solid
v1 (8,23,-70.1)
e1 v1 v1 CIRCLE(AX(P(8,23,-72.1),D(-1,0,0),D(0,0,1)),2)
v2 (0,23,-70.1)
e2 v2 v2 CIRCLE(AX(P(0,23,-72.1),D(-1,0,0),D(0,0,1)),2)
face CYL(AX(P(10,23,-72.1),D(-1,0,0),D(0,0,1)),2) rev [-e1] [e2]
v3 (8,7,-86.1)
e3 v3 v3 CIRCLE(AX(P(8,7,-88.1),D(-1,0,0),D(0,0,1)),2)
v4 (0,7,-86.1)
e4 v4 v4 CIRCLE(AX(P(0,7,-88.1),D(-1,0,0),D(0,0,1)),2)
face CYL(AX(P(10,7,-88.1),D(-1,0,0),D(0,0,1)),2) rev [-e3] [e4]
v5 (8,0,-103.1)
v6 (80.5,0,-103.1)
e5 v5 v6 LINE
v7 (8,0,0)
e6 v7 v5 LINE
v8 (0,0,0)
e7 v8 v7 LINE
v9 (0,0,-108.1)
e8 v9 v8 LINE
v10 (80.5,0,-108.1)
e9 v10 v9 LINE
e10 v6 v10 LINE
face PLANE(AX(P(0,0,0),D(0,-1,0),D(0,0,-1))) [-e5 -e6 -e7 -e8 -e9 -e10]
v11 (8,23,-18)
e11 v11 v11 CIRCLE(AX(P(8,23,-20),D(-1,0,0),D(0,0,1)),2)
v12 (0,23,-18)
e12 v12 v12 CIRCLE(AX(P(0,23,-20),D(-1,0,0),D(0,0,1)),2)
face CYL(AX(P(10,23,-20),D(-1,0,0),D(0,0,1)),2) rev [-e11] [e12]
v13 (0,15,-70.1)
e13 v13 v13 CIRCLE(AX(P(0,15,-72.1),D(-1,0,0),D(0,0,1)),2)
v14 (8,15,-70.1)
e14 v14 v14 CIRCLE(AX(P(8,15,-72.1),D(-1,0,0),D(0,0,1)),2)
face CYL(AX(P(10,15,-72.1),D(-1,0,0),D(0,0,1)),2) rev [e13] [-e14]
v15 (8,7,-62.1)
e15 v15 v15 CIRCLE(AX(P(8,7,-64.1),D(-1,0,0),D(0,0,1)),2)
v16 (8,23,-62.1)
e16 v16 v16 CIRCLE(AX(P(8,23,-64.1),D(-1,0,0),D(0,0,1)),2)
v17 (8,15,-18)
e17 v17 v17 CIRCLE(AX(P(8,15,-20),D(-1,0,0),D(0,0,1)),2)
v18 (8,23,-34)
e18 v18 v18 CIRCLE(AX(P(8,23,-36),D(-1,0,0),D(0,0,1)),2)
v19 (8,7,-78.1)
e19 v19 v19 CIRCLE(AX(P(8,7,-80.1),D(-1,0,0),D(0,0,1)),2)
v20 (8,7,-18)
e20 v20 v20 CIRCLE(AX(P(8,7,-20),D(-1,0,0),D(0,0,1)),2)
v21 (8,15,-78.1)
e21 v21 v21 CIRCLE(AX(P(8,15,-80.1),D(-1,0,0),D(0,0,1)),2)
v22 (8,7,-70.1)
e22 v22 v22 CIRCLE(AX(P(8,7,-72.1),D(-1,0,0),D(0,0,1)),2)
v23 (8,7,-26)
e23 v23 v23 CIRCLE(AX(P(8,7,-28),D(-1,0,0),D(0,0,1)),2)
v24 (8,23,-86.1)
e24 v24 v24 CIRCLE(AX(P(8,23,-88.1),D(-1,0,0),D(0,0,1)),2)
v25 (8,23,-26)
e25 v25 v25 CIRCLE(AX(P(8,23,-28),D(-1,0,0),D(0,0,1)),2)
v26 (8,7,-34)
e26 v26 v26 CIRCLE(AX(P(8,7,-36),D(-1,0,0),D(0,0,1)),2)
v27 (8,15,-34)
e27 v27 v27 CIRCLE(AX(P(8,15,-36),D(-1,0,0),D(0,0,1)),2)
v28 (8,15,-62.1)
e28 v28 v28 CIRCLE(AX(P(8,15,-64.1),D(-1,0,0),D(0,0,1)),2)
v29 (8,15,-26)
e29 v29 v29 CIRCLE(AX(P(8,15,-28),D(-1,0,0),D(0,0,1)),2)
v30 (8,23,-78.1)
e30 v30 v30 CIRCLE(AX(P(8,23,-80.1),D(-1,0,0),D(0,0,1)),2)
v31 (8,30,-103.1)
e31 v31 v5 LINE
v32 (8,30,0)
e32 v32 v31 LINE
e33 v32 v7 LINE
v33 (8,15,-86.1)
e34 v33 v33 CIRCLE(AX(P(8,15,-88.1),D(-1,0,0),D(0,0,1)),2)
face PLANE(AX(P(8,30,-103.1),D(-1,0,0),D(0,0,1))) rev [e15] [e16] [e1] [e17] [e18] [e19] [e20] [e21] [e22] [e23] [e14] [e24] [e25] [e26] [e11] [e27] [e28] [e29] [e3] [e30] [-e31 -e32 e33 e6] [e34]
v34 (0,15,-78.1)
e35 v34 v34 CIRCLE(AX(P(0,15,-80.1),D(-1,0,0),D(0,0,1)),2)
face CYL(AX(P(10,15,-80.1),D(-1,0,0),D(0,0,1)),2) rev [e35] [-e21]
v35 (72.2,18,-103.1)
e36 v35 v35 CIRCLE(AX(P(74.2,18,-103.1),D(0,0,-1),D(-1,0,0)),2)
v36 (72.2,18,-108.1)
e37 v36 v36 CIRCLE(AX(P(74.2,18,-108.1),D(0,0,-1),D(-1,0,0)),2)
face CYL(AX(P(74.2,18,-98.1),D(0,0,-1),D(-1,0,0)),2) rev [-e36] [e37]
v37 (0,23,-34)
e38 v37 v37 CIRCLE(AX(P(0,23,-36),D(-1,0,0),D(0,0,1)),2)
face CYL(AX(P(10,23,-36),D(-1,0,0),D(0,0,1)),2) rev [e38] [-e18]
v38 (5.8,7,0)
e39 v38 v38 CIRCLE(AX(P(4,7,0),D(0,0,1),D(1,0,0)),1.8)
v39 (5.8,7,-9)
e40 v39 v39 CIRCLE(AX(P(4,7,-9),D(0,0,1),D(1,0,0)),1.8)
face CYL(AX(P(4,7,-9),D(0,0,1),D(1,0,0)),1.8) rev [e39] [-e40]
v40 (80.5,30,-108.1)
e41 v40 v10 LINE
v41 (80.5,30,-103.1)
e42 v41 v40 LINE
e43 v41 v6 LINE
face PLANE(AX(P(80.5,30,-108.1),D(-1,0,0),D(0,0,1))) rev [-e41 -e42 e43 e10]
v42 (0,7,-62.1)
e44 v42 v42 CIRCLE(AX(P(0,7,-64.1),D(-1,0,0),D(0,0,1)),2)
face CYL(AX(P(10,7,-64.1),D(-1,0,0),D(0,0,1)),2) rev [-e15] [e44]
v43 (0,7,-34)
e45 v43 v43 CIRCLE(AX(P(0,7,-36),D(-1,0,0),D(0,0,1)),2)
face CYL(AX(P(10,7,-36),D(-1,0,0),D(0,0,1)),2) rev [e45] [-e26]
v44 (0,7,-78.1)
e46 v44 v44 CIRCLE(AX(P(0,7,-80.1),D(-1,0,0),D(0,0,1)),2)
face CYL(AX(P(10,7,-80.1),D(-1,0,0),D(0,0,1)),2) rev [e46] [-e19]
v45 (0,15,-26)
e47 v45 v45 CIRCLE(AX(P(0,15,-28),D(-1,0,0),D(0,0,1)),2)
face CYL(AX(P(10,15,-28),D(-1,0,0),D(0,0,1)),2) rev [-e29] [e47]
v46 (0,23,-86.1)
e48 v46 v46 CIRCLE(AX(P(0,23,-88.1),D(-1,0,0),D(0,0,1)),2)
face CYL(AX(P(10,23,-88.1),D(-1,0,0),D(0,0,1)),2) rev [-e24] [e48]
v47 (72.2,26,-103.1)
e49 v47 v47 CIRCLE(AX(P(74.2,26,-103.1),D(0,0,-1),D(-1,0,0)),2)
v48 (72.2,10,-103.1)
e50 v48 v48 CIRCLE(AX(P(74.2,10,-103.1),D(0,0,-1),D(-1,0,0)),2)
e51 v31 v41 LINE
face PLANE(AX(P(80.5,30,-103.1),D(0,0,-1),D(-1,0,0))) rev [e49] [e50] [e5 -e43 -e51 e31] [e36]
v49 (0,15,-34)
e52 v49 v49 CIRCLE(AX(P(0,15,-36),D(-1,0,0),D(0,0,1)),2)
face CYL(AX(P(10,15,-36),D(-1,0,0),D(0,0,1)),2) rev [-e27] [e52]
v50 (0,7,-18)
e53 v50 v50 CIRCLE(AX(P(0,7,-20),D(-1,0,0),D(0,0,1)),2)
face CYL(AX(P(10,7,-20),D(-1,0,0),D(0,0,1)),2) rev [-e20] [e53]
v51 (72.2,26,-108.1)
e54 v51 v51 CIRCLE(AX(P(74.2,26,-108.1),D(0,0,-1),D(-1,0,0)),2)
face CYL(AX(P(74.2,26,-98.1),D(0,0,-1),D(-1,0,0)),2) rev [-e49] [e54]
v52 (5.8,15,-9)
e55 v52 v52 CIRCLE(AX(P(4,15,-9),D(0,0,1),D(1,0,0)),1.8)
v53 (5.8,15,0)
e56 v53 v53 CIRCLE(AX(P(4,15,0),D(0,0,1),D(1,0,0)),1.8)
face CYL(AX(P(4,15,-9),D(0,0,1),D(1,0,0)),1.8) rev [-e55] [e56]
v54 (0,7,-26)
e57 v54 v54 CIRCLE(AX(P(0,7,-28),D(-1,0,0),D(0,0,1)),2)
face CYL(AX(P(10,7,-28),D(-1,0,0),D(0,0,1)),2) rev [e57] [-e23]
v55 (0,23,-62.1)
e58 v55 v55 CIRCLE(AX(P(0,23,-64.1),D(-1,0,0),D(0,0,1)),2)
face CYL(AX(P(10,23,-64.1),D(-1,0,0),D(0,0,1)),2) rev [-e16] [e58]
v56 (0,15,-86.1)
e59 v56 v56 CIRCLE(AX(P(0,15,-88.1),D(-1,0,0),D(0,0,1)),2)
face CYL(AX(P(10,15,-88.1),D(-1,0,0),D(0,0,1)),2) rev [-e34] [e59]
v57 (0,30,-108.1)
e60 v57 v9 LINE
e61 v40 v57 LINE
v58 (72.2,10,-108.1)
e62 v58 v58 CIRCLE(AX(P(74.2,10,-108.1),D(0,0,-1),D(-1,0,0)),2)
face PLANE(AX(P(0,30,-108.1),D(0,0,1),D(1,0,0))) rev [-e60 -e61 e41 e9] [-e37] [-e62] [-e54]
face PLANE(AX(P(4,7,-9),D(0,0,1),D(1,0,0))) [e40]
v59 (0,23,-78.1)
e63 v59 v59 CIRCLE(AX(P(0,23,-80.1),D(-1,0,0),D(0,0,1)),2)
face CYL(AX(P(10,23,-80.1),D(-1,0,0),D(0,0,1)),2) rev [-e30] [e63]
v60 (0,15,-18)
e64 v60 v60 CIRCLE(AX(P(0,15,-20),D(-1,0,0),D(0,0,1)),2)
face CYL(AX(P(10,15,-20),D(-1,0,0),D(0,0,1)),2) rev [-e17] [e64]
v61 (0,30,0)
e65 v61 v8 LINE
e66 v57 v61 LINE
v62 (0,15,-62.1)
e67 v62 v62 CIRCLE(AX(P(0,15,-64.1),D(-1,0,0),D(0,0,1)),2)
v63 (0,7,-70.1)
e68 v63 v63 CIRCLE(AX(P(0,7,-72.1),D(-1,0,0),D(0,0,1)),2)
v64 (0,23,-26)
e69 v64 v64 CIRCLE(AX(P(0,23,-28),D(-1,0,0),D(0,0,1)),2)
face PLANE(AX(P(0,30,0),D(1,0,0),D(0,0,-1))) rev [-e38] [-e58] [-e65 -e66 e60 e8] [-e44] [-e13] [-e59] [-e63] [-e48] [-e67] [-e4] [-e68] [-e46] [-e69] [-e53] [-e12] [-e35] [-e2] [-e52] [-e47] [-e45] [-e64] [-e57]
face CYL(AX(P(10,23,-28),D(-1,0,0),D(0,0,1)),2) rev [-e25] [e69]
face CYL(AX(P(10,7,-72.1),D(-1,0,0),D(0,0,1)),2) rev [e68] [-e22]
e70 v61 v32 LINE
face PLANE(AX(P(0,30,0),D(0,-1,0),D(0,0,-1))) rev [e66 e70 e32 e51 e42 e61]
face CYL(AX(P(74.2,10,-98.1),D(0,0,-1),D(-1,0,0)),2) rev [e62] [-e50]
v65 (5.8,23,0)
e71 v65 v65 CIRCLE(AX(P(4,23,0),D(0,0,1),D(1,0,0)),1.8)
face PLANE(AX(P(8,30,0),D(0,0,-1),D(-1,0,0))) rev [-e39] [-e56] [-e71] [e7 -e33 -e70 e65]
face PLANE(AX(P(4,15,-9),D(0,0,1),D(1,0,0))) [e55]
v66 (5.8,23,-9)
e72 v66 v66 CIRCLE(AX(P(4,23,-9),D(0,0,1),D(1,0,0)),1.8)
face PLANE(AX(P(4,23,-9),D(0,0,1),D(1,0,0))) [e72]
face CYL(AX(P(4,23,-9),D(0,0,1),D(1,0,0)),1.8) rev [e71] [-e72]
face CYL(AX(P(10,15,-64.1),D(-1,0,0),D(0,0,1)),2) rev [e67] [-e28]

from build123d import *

# Parameters (mm, degrees)
EXTRUDE_1_DEPTH     = 30
SKETCH_3_R          = 2
CUT_EXTRUDE_2_DEPTH = 10
SKETCH_4_R          = 2
CUT_EXTRUDE_3_DEPTH = 10
SKETCH_2_R          = 1.8
CUT_EXTRUDE_4_DEPTH = 9


with BuildPart() as part:
    # 草圖1 → 填料-伸長1 (new body)
    with BuildSketch(Plane(origin=(0, 0, 0), x_dir=(1, 0, 0), z_dir=(0, 1, 0))):
        Polygon((0, 0), (0, 108.1), (80.5, 108.1), (80.5, 103.1), (8, 103.1), (8, 0), align=None)
    extrude(amount=EXTRUDE_1_DEPTH)

    # 草圖3 → 除料-伸長2 (cut)
    with BuildSketch(Plane.ZY):
        with Locations((-20, 23)):
            Circle(SKETCH_3_R)
        with Locations((-20, 15)):
            Circle(SKETCH_3_R)
        with Locations((-20, 7)):
            Circle(SKETCH_3_R)
        with Locations((-28, 23)):
            Circle(SKETCH_3_R)
        with Locations((-28, 15)):
            Circle(SKETCH_3_R)
        with Locations((-28, 7)):
            Circle(SKETCH_3_R)
        with Locations((-36, 23)):
            Circle(SKETCH_3_R)
        with Locations((-36, 15)):
            Circle(SKETCH_3_R)
        with Locations((-36, 7)):
            Circle(SKETCH_3_R)
        with Locations((-64.1, 23)):
            Circle(SKETCH_3_R)
        with Locations((-64.1, 15)):
            Circle(SKETCH_3_R)
        with Locations((-64.1, 7)):
            Circle(SKETCH_3_R)
        with Locations((-72.1, 23)):
            Circle(SKETCH_3_R)
        with Locations((-72.1, 15)):
            Circle(SKETCH_3_R)
        with Locations((-72.1, 7)):
            Circle(SKETCH_3_R)
        with Locations((-80.1, 23)):
            Circle(SKETCH_3_R)
        with Locations((-80.1, 15)):
            Circle(SKETCH_3_R)
        with Locations((-80.1, 7)):
            Circle(SKETCH_3_R)
        with Locations((-88.1, 23)):
            Circle(SKETCH_3_R)
        with Locations((-88.1, 15)):
            Circle(SKETCH_3_R)
        with Locations((-88.1, 7)):
            Circle(SKETCH_3_R)
    extrude(amount=-CUT_EXTRUDE_2_DEPTH, mode=Mode.SUBTRACT)

    # 草圖4 → 除料-伸長3 (cut)
    with BuildSketch(Plane(origin=(0, 0, -108.1), x_dir=(-1, 0, 0), z_dir=(0, 0, -1))):
        with Locations((-74.2, 26)):
            Circle(SKETCH_4_R)
        with Locations((-74.2, 18)):
            Circle(SKETCH_4_R)
        with Locations((-74.2, 10)):
            Circle(SKETCH_4_R)
    extrude(amount=-CUT_EXTRUDE_3_DEPTH, mode=Mode.SUBTRACT)

    # 草圖2 → 除料-伸長4 (cut)
    with BuildSketch(Plane.XY):
        with Locations((4, 23)):
            Circle(SKETCH_2_R)
        with Locations((4, 7)):
            Circle(SKETCH_2_R)
        with Locations((4, 15)):
            Circle(SKETCH_2_R)
    extrude(amount=-CUT_EXTRUDE_4_DEPTH, mode=Mode.SUBTRACT)


solid = part.part
